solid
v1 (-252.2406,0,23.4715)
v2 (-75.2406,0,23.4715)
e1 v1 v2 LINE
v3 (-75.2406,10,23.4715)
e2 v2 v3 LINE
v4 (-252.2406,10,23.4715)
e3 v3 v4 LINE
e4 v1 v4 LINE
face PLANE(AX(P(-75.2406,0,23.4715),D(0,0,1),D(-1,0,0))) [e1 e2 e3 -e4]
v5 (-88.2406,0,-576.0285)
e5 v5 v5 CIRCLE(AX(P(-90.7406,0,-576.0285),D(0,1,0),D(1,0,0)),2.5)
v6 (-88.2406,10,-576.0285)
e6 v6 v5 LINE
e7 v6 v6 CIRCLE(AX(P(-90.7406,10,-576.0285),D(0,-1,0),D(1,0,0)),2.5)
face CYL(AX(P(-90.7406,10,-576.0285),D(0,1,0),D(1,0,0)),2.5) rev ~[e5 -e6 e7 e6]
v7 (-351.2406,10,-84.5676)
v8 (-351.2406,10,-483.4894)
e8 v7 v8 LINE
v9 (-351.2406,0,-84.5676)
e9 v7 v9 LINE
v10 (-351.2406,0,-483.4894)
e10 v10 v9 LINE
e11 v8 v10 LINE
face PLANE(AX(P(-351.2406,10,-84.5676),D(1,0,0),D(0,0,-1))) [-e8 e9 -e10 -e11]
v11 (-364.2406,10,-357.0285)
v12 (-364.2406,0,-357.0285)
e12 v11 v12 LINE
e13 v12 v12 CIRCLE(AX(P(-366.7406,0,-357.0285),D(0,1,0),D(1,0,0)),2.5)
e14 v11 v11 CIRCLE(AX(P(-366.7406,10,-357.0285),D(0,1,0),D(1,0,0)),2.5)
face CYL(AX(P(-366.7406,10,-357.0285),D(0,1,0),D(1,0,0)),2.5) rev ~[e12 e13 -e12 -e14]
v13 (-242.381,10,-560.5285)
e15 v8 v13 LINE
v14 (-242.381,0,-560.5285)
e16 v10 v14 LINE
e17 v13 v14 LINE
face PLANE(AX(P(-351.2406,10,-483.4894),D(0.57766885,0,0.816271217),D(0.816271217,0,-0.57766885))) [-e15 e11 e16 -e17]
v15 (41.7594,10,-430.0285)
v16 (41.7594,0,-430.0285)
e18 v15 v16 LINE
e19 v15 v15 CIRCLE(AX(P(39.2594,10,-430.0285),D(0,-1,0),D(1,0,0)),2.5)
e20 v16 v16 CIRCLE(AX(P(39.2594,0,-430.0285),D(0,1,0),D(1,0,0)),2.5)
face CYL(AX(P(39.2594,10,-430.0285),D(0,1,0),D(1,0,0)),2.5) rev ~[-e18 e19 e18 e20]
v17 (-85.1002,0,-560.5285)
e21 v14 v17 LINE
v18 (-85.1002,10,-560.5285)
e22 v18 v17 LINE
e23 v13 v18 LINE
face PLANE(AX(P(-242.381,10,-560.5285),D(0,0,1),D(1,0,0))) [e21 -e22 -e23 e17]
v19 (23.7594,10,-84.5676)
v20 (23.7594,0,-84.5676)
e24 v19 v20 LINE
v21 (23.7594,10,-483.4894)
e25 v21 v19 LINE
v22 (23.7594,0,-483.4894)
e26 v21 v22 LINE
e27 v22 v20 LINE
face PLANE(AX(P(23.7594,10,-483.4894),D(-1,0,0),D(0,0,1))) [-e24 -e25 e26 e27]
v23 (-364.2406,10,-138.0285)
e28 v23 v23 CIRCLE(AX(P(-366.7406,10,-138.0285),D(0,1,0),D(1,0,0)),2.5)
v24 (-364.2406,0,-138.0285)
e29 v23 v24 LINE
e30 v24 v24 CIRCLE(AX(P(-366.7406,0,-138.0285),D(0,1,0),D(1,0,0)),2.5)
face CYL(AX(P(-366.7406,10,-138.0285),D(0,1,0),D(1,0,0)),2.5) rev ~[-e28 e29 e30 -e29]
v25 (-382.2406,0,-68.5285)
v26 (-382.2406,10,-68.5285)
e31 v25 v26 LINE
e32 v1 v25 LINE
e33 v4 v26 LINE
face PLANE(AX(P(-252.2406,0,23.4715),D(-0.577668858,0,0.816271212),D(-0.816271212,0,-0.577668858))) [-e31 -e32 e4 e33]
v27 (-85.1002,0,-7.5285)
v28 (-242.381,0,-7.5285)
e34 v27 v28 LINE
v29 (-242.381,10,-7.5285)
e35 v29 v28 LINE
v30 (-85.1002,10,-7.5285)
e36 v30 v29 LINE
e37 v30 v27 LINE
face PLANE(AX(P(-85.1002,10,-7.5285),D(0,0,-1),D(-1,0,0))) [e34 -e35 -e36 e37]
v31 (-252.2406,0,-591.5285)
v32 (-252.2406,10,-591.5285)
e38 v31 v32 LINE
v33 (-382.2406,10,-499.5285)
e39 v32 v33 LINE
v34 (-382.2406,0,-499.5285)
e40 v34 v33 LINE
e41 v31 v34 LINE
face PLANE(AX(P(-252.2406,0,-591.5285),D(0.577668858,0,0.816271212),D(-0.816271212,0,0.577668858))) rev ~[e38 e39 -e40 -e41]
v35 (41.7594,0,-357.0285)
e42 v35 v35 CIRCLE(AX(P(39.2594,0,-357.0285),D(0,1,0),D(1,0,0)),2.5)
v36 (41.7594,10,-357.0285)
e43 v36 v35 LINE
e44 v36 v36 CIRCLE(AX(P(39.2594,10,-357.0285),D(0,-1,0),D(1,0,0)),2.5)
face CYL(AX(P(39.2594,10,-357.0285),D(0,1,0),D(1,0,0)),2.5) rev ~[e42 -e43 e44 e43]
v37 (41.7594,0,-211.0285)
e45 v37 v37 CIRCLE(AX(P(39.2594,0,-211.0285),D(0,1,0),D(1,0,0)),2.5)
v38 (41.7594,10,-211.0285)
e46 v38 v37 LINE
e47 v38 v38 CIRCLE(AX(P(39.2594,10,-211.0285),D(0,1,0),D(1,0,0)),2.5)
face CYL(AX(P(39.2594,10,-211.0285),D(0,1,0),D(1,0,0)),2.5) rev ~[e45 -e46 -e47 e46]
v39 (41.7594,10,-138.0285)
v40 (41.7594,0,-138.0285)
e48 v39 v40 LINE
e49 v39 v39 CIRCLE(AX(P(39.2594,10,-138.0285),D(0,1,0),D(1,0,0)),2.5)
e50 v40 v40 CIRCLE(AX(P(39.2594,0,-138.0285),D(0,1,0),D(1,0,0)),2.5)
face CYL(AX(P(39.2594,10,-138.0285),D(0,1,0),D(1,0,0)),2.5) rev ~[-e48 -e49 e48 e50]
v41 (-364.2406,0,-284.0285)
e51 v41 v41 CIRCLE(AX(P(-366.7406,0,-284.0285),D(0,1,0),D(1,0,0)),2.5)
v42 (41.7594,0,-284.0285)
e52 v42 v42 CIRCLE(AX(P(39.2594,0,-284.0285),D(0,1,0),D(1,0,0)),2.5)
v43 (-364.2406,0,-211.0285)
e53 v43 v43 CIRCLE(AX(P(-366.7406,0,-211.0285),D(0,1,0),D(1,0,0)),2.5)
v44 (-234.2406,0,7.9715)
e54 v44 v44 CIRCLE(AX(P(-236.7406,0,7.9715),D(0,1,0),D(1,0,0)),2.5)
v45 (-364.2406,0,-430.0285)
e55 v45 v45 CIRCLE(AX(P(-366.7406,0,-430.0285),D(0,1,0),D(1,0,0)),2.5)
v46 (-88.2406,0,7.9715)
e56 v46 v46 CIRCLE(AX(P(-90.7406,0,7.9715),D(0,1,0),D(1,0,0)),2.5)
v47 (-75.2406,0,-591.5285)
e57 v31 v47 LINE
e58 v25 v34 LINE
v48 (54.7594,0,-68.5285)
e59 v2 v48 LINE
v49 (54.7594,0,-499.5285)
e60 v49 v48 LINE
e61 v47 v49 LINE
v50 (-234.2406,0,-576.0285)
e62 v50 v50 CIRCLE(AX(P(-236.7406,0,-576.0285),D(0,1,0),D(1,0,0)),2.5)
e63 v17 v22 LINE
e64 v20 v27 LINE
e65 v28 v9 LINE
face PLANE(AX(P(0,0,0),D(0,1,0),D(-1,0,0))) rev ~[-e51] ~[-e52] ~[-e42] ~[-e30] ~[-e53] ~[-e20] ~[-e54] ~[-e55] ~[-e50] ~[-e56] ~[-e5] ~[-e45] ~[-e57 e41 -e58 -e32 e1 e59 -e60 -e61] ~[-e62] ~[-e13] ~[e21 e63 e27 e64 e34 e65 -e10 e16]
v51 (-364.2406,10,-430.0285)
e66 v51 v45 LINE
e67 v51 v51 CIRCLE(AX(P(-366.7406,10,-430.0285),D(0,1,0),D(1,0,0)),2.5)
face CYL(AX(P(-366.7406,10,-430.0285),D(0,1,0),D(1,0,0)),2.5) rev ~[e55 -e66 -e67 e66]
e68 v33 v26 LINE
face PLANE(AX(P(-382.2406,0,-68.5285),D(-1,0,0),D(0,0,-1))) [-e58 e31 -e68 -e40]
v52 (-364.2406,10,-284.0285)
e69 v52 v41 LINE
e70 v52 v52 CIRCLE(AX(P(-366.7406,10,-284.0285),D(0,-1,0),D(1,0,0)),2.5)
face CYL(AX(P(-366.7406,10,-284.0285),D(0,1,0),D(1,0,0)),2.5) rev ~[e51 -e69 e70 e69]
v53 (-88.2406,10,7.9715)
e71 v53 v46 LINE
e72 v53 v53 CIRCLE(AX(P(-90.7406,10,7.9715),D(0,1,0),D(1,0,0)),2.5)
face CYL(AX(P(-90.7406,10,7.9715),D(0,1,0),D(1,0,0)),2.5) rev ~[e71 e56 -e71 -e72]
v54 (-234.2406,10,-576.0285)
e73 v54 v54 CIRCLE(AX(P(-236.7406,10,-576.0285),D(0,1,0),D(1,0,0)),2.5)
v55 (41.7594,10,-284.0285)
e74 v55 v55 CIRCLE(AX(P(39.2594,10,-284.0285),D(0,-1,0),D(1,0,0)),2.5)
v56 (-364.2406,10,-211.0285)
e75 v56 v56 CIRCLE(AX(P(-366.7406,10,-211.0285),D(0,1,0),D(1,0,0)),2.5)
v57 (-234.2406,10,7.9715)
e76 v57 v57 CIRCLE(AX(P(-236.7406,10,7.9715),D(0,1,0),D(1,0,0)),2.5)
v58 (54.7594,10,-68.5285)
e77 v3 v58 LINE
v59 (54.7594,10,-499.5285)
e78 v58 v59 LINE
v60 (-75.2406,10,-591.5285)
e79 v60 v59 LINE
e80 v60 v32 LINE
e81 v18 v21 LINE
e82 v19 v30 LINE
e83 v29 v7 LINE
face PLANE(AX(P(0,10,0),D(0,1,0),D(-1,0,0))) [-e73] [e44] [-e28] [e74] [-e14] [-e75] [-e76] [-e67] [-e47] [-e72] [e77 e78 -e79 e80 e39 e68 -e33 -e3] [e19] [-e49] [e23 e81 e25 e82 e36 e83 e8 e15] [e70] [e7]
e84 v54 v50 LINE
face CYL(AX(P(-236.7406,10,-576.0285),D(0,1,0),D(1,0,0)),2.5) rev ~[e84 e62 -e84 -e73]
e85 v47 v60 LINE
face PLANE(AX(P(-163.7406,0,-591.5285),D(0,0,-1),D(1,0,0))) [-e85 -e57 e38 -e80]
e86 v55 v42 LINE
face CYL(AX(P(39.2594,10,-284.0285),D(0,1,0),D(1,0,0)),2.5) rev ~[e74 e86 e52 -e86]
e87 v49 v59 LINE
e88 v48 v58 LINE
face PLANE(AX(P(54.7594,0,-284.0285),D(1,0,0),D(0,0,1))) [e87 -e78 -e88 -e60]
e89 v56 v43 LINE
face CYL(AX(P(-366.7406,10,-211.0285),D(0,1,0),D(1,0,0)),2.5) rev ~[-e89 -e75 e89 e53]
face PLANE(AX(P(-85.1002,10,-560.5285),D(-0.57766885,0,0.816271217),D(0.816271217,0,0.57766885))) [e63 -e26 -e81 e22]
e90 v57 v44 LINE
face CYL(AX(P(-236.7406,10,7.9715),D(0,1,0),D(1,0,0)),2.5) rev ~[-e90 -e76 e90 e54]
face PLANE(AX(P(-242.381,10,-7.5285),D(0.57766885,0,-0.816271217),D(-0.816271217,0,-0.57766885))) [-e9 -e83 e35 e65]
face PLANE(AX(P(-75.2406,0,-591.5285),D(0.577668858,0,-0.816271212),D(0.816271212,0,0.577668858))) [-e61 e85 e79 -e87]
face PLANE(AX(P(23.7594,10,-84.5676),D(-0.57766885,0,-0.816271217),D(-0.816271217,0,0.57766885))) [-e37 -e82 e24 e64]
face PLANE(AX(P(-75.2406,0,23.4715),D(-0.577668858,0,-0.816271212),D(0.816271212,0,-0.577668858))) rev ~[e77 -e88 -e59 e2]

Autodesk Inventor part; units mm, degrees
ref_plane "YZ Plane" through (0, 0, 0) normal (1, 0, 0) x (0, 1, 0)
ref_plane "XZ Plane" through (0, 0, 0) normal (0, 1, 0) x (-1, 0, 0)
ref_plane "XY Plane" through (0, 0, 0) normal (0, 0, 1) x (1, 0, 0)
sketch "Sketch1" plane through (0, 0, 0) normal (0, 1, 0) x (-1, 0, 0)
  line L0 (75.2406, 23.4715) -> (252.2406, 23.4715)
  line L1 (382.2406, -68.5285) -> (382.2406, -499.5285)
  line L2 (252.2406, -591.5285) -> (75.2406, -591.5285)
  line L3 (-54.7594, -499.5285) -> (-54.7594, -68.5285)
  line L4 (-54.7594, -284.0285) -> (382.2406, -284.0285)
  line L5 (382.2406, -284.0285) -> (382.2406, -499.5285)
  line L6 (163.7406, 23.4715) -> (163.7406, -591.5285)
  line L7 (163.7406, -591.5285) -> (252.2406, -591.5285)
  line L8 (252.2406, -591.5285) -> (382.2406, -499.5285)
  line L9 (75.2406, -591.5285) -> (-54.7594, -499.5285)
  line L10 (252.2406, 23.4715) -> (382.2406, -68.5285)
  line L11 (75.2406, 23.4715) -> (-54.7594, -68.5285)
  point P0 (0, 0)
  dimension "d0" = 437
  dimension "d2" = 215.5
  dimension "d3" = 88.5
  dimension "d4" = 615
extrude "Extrusion1" add sketch "Sketch1" along normal blind 10
sketch "Sketch2" plane through (0, 10, 0) normal (0, 1, 0) x (1, 0, 0)
  line L0 (-382.2406, 499.5285) -> (-382.2406, 68.5285) projected
  line L1 (-252.2406, -23.4715) -> (-75.2406, -23.4715) projected
  line L2 (-75.2406, -23.4715) -> (54.7594, 68.5285) projected
  line L3 (54.7594, 68.5285) -> (54.7594, 499.5285) projected
  line L4 (54.7594, 499.5285) -> (-75.2406, 591.5285) projected
  line L5 (-75.2406, 591.5285) -> (-252.2406, 591.5285) projected
  line L6 (-163.7406, 591.5285) -> (-163.7406, -23.4715)
  line L7 (-382.2406, 499.5285) -> (54.7594, 499.5285)
  line L8 (-163.7406, 499.5285) -> (-90.7406, 499.5285)
  line L9 (-90.7406, 499.5285) -> (39.2594, 499.5285)
  line L10 (39.2594, 499.5285) -> (39.2594, 510.4977)
  line L11 (-382.2406, 284.0285) -> (54.7594, 284.0285)
  circle A0 centre (39.2594, 284.0285) radius 2.5
  line L12 (39.2594, 284.0285) -> (39.2594, 357.0285)
  line L13 (39.2594, 359.5285) -> (39.2594, 430.0285)
  circle A1 centre (39.2594, 357.0285) radius 2.5
  circle A2 centre (39.2594, 211.0285) radius 2.5
  circle A3 centre (-366.7406, 357.0285) radius 2.5
  circle A4 centre (-366.7406, 211.0285) radius 2.5
  line L14 (39.2594, 393.5285) -> (-90.7406, 393.5285)
  line L15 (-90.7406, 393.5285) -> (-90.7406, 540.5285)
  circle A5 centre (39.2594, 430.0285) radius 2.5
  line L16 (-90.7406, 430.0285) -> (-90.7406, 576.0285)
  circle A6 centre (-90.7406, 576.0285) radius 2.5
  line L17 (-382.2406, 68.5285) -> (54.7594, 68.5285)
  circle A7 centre (39.2594, 138.0285) radius 2.5
  circle A8 centre (-90.7406, -7.9715) radius 2.5
  circle A9 centre (-366.7406, 430.0285) radius 2.5
  circle A10 centre (-236.7406, 576.0285) radius 2.5
  circle A11 centre (-236.7406, -7.9715) radius 2.5
  circle A12 centre (-366.7406, 138.0285) radius 2.5
  line L18 (-90.7406, 499.5285) -> (-90.7406, 68.5285)
  line L19 (-90.7406, -23.4715) -> (-90.7406, -34.4408)
  line L20 (-90.7406, 499.5285) -> (-90.7406, 573.5285)
  line L21 (-90.7406, 591.5285) -> (-90.7406, 602.4977)
  line L22 (39.2594, 499.5285) -> (39.2594, 281.5285)
  line L23 (39.2594, 68.5285) -> (39.2594, 57.5592)
  circle A13 centre (-366.7406, 284.0285) radius 2.5
  point P0 (0, 0)
  dimension "d9" = 5
  dimension "d12" = 5
  dimension "d22" = 5
  dimension "d7" = 73
  dimension "d8" = 130
  dimension "d10" = 73
  dimension "d11" = 73
  dimension "d19" = 5
  dimension "d20" = 615
  dimension "d21" = 146
  dimension "d23" = 437
  dimension "d25" = 5
extrude "Extrusion2" cut sketch "Sketch2" against normal blind 10 contours A6 | A13 L11 | L11 A13 | A0 L12 L11 | L11 L22 A0 | L22 L13 A5 | A5 L13 L22 | L12 A0 L11 | L11 A0 L22 | A1 L22 L12 | L12 L22 A1 | A2 | A3 | A4 | A7 | A8 | A9 | A10 | A11 | A12
sketch "Sketch3" plane through (0, 10, 0) normal (0, 1, 0) x (1, 0, 0)
  line L0 (-382.2406, 499.5285) -> (-382.2406, 68.5285) projected
  line L1 (-382.2406, 68.5285) -> (-252.2406, -23.4715) projected
  line L2 (-252.2406, -23.4715) -> (-75.2406, -23.4715) projected
  line L3 (-75.2406, -23.4715) -> (54.7594, 68.5285) projected
  line L4 (54.7594, 68.5285) -> (54.7594, 499.5285) projected
  line L5 (54.7594, 499.5285) -> (-75.2406, 591.5285) projected
  line L6 (-75.2406, 591.5285) -> (-252.2406, 591.5285) projected
  line L7 (-252.2406, 591.5285) -> (-382.2406, 499.5285) projected
  line L8 (-85.1002, 560.5285) -> (23.7594, 483.4894)
  line L9 (23.7594, 483.4894) -> (23.7594, 84.5676)
  line L10 (23.7594, 84.5676) -> (-85.1002, 7.5285)
  line L11 (-85.1002, 7.5285) -> (-242.381, 7.5285)
  line L12 (-242.381, 7.5285) -> (-351.2406, 84.5676)
  line L13 (-351.2406, 84.5676) -> (-351.2406, 483.4894)
  line L14 (-351.2406, 483.4894) -> (-242.381, 560.5285)
  line L15 (-242.381, 560.5285) -> (-85.1002, 560.5285)
  line L16 (-382.2406, 319.1066) -> (-351.2406, 319.1066)
  point P0 (0, 0)
  dimension "d26" = 31
extrude "Extrusion3" cut sketch "Sketch3" against normal blind 10 contours L13 L14 L15 L8 L9 L10 L11 L12
properties part number "mount_holes_plate"
